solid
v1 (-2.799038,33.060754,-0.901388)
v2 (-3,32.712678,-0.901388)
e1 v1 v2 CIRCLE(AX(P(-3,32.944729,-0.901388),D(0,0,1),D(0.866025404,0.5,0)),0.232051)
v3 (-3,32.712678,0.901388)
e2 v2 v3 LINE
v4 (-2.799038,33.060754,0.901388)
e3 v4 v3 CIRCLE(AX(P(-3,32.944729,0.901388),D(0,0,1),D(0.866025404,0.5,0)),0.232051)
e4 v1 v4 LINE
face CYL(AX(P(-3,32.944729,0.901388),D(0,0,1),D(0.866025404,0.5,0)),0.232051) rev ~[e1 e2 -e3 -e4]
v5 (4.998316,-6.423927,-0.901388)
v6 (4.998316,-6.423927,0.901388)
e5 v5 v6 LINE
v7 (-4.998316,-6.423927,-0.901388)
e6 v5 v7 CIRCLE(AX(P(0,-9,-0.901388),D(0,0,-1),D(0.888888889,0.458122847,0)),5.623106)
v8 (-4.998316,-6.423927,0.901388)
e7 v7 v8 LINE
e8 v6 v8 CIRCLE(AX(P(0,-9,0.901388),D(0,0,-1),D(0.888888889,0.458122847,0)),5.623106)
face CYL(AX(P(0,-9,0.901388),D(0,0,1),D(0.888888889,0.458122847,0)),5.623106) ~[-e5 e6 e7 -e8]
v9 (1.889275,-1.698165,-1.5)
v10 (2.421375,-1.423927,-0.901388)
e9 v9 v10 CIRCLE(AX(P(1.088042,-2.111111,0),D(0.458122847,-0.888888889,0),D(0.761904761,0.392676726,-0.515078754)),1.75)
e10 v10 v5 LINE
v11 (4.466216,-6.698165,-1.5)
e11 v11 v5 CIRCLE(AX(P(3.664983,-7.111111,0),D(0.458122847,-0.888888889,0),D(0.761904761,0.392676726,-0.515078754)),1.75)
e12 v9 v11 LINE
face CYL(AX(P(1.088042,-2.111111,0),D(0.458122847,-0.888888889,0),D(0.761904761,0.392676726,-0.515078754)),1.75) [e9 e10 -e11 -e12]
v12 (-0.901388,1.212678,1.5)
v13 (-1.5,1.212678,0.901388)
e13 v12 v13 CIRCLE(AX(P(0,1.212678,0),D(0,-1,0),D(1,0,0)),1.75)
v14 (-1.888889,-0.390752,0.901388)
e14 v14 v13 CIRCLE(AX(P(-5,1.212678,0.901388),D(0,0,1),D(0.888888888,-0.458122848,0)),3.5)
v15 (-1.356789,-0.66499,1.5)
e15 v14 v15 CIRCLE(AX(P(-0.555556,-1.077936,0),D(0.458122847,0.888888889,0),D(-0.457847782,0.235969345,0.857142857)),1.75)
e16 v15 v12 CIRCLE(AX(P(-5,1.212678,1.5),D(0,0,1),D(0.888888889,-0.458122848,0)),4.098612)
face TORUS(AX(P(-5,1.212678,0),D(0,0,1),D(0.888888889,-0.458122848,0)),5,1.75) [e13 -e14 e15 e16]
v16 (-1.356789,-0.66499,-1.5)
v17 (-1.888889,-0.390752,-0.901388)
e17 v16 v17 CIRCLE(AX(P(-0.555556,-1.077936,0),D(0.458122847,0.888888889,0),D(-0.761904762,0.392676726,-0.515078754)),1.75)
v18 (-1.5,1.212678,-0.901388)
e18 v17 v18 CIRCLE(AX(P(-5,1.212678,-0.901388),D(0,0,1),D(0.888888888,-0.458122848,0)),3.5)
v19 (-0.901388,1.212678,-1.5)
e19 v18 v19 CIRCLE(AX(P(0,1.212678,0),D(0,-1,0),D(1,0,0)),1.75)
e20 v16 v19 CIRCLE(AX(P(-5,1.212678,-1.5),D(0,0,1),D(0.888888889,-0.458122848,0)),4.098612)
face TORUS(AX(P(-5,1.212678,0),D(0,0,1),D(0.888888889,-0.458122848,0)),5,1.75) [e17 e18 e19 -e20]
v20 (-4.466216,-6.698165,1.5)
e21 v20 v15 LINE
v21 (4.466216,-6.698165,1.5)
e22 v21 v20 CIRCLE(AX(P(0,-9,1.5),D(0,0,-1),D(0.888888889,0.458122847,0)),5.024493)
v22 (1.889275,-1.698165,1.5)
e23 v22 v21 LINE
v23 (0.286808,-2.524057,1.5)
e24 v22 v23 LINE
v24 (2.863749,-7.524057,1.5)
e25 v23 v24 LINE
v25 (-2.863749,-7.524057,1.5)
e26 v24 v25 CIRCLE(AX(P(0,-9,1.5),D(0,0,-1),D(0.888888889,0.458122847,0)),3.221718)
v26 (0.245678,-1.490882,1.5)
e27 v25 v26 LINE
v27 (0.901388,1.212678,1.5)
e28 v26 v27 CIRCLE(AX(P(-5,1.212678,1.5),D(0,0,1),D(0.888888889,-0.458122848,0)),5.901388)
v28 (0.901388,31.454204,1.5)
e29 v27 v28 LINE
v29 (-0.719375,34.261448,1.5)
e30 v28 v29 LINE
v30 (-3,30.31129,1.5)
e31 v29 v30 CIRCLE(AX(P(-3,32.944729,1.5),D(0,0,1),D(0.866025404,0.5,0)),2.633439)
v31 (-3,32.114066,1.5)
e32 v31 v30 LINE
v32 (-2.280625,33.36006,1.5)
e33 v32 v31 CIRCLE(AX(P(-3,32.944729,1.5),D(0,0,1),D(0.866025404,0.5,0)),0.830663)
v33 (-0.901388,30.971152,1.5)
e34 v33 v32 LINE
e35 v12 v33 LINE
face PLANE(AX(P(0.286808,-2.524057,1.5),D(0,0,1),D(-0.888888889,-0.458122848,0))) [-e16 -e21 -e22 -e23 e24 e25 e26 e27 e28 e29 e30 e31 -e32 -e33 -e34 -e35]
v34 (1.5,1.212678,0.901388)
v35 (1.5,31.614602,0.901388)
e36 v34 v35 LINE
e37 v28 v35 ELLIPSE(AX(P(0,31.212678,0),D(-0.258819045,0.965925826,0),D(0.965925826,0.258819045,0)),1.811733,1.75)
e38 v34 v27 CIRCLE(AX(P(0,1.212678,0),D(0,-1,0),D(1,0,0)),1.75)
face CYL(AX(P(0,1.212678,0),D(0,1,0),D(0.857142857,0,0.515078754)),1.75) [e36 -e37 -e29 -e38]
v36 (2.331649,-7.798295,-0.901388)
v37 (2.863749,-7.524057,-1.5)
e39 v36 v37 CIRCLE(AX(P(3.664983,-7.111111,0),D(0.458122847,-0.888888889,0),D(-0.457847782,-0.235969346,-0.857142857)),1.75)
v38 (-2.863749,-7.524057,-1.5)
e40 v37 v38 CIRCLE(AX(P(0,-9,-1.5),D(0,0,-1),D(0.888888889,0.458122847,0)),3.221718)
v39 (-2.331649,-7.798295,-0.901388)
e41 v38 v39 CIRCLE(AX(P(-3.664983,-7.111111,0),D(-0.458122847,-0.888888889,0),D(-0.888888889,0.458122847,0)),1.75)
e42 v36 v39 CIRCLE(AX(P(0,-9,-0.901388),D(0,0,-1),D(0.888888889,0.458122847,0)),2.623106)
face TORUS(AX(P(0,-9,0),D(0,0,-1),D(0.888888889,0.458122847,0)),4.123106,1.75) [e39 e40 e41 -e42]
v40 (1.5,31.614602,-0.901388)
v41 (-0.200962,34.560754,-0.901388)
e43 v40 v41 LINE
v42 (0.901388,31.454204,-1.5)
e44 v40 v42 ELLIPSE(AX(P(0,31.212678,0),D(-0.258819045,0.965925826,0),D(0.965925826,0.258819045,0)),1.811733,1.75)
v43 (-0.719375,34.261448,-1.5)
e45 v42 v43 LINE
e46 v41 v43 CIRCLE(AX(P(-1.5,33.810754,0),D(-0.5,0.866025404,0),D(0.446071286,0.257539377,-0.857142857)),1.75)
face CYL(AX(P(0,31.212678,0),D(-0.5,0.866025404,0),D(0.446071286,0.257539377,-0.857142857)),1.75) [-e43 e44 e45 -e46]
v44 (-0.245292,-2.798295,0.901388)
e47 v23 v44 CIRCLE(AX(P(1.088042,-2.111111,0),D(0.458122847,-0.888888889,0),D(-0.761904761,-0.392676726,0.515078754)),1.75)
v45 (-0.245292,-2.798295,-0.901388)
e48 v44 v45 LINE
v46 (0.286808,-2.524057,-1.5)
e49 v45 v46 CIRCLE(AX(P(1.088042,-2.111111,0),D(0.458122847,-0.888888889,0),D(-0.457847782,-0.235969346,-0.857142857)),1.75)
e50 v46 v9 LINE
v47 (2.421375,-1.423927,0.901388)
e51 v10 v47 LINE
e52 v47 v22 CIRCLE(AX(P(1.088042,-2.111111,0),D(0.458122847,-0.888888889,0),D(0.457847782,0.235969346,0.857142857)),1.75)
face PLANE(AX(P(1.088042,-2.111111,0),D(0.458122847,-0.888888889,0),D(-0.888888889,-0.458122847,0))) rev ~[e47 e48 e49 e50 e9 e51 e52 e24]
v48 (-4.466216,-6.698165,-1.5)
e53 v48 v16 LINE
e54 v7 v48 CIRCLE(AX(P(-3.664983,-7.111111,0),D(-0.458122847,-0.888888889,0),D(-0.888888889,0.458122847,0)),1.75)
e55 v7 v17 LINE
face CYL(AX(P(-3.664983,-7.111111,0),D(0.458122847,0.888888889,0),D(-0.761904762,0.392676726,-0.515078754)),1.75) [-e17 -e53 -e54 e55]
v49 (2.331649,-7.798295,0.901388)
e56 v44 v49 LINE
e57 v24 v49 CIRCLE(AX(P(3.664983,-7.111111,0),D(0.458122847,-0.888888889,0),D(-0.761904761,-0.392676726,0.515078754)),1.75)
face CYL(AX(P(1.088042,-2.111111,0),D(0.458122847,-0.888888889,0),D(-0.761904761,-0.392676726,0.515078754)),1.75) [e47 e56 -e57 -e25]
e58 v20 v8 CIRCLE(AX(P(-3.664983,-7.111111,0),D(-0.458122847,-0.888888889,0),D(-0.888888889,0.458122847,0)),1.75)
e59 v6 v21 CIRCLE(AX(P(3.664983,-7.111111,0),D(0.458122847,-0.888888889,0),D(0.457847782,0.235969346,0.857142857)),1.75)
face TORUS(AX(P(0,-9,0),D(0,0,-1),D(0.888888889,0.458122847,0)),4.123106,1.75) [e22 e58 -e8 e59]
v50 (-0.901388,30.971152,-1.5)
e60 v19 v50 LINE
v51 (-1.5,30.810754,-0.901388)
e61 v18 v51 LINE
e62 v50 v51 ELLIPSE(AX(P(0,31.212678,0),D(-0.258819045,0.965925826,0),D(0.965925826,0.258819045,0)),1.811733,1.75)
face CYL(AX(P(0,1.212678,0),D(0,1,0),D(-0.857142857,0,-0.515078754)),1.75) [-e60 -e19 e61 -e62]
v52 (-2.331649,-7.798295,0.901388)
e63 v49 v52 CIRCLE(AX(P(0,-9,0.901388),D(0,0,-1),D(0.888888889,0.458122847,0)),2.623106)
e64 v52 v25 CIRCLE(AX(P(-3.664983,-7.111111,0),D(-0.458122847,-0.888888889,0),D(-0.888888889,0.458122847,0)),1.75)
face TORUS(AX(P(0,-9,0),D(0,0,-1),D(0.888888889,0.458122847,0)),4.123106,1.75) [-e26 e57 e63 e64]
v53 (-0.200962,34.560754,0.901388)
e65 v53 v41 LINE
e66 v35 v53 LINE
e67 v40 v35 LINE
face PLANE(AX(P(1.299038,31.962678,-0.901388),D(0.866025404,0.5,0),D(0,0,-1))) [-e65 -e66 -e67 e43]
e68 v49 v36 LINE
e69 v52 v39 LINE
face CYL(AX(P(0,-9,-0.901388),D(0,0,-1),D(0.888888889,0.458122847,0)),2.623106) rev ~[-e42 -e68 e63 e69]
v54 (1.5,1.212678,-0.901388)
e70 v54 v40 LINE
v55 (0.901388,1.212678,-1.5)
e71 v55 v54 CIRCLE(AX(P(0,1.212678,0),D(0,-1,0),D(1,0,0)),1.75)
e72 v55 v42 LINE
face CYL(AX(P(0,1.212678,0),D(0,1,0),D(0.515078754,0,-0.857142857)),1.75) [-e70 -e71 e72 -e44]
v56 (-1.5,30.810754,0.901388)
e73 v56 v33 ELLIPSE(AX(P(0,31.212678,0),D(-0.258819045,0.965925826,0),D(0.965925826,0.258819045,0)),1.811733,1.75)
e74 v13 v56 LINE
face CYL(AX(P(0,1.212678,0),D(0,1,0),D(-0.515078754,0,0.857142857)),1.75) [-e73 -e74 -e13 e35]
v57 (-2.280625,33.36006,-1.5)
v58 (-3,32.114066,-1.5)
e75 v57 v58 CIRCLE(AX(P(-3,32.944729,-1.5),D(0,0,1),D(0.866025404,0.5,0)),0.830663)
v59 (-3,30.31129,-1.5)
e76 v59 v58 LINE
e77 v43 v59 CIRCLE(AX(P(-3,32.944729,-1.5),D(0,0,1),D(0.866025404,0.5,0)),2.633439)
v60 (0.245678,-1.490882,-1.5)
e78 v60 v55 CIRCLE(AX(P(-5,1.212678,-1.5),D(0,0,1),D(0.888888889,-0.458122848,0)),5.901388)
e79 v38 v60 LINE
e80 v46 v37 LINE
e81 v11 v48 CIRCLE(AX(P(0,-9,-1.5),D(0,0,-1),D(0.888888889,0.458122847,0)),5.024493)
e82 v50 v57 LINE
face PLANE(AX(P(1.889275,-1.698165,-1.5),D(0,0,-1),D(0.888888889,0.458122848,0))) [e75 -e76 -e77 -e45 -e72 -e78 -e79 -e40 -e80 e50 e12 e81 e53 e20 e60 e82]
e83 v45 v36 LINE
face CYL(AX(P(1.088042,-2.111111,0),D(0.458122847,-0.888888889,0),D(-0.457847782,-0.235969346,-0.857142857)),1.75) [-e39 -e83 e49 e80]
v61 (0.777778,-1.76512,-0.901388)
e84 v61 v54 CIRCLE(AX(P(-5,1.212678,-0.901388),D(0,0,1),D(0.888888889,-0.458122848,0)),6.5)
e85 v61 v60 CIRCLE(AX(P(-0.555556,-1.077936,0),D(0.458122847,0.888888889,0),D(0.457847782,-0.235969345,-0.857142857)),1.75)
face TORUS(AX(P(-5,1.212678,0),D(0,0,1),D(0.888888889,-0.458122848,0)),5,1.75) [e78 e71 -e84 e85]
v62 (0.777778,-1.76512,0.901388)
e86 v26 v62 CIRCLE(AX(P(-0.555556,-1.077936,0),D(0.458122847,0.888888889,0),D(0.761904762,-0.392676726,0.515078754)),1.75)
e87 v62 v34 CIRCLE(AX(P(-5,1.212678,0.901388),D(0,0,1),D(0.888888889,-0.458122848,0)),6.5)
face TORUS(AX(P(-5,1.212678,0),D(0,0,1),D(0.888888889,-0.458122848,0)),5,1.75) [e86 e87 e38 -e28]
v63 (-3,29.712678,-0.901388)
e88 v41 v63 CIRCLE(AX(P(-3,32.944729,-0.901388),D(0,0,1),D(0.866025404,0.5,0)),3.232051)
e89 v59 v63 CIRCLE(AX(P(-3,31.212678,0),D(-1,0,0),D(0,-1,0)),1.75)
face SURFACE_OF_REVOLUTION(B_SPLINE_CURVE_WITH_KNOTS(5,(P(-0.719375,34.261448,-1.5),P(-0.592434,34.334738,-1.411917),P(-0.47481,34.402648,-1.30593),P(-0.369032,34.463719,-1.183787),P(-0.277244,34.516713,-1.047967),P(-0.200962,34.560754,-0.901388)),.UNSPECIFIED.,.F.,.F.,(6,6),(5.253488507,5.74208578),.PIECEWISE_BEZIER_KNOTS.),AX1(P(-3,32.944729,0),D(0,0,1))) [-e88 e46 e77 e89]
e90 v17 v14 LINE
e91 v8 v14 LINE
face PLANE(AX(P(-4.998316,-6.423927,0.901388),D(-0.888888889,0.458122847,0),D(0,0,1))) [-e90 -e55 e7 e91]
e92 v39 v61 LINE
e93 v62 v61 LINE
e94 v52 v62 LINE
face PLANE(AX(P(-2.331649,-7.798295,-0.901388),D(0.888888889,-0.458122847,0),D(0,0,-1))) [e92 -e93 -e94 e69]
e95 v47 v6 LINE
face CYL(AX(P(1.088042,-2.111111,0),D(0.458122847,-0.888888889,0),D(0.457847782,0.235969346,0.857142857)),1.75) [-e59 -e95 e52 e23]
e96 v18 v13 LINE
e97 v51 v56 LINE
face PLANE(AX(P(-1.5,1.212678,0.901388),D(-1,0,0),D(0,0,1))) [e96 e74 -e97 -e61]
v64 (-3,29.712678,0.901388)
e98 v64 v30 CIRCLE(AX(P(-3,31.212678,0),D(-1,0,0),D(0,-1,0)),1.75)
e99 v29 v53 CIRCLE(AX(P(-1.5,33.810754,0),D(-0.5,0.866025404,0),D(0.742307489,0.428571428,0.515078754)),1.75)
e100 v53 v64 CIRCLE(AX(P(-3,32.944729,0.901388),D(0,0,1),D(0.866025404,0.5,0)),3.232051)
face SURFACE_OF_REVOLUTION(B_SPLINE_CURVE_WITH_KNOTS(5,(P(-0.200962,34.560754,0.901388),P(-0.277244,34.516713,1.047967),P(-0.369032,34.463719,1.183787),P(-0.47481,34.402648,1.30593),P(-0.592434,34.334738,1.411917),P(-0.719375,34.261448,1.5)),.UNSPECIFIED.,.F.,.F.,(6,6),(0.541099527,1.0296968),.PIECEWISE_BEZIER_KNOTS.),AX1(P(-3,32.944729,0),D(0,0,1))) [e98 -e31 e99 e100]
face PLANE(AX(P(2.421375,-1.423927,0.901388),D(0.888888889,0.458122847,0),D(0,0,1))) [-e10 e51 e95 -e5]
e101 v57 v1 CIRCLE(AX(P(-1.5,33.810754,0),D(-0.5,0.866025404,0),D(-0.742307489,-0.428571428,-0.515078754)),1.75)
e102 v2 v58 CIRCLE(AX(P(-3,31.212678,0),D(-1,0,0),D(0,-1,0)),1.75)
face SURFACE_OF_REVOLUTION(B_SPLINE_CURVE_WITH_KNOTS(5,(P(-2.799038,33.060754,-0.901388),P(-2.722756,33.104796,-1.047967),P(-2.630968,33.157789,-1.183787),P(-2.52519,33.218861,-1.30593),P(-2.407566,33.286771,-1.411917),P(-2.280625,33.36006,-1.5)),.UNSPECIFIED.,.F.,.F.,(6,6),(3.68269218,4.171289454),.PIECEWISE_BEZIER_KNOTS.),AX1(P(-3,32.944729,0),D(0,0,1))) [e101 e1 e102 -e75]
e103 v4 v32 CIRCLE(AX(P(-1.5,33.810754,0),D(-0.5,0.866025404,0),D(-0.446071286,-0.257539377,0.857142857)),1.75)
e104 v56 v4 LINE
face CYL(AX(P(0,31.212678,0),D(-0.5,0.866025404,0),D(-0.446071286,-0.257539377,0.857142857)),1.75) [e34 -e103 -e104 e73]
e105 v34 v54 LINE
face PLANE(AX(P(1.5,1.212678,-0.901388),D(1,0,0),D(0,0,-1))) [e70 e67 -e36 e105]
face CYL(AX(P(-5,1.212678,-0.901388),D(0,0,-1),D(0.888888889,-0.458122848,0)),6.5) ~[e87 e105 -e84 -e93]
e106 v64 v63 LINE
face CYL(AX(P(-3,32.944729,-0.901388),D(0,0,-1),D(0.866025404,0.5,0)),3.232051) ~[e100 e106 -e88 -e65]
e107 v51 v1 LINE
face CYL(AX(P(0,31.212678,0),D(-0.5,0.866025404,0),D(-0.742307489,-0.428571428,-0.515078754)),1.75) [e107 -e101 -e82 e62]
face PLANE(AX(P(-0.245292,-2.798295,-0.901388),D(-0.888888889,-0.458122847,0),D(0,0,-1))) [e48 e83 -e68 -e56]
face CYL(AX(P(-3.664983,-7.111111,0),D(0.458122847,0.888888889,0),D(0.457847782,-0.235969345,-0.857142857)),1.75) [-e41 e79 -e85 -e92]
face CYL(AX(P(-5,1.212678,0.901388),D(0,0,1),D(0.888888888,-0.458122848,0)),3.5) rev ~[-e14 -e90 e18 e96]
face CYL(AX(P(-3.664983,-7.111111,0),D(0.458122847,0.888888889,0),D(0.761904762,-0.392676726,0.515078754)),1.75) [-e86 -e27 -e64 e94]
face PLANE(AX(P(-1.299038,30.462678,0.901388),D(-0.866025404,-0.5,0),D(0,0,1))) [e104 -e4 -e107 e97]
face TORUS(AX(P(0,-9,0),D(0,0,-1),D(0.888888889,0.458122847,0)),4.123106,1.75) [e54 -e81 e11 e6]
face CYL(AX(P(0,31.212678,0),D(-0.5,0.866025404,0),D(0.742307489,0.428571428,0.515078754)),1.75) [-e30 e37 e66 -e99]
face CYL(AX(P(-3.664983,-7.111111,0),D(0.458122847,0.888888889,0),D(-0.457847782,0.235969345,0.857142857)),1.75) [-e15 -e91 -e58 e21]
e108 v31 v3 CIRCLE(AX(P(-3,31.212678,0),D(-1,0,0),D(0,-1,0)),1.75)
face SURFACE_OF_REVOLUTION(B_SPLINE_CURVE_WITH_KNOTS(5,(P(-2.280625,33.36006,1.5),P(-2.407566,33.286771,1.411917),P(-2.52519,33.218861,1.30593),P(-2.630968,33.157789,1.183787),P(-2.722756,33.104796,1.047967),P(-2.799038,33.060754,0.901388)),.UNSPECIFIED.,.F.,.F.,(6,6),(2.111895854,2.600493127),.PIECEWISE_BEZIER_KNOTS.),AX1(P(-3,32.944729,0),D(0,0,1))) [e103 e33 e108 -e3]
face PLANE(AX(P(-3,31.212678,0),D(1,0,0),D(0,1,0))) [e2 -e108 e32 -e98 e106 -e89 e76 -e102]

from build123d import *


with BuildPart() as part:
    # 掃出1: sweep along a path in 草圖1
    with BuildLine(Plane.XY) as sweep_1_path:
        Line((1.088041762, -2.111111111), (3.664982778, -7.111111111))
        ThreePointArc((3.664982778, -7.111111111), (0, -13.123105626), (-3.664982778, -7.111111111))
        Line((-3.664982778, -7.111111111), (-0.555555556, -1.077936111))
        ThreePointArc((-0.555555556, -1.077936111), (-0.140873421, 0.034166823), (0, 1.212678125))
        Line((0, 1.212678125), (0, 31.212678125))
        Line((0, 31.212678125), (-1.5, 33.810754337))
        ThreePointArc((-1.5, 33.810754337), (-4.5, 33.810754337), (-3, 31.212678125))
    # 草圖3 → 掃出1 (sweep)
    with BuildSketch(Plane(origin=(-3, 31.212678125, 0), x_dir=(0, 0, -1), z_dir=(1, 0, 0))):
        with BuildLine():
            Line((-0.901387819, 1.5), (0.901387819, 1.5))
            ThreePointArc((0.901387819, 1.5), (1.237436867, 1.237436867), (1.5, 0.901387819))
            Line((1.5, 0.901387819), (1.5, -0.901387819))
            ThreePointArc((1.5, -0.901387819), (1.237436867, -1.237436867), (0.901387819, -1.5))
            Line((0.901387819, -1.5), (-0.901387819, -1.5))
            ThreePointArc((-0.901387819, -1.5), (-1.237436867, -1.237436867), (-1.5, -0.901387819))
            Line((-1.5, -0.901387819), (-1.5, 0.901387819))
            ThreePointArc((-1.5, 0.901387819), (-1.237436867, 1.237436867), (-0.901387819, 1.5))
        make_face()
    sweep(path=sweep_1_path.line, transition=Transition.RIGHT)


solid = part.part
